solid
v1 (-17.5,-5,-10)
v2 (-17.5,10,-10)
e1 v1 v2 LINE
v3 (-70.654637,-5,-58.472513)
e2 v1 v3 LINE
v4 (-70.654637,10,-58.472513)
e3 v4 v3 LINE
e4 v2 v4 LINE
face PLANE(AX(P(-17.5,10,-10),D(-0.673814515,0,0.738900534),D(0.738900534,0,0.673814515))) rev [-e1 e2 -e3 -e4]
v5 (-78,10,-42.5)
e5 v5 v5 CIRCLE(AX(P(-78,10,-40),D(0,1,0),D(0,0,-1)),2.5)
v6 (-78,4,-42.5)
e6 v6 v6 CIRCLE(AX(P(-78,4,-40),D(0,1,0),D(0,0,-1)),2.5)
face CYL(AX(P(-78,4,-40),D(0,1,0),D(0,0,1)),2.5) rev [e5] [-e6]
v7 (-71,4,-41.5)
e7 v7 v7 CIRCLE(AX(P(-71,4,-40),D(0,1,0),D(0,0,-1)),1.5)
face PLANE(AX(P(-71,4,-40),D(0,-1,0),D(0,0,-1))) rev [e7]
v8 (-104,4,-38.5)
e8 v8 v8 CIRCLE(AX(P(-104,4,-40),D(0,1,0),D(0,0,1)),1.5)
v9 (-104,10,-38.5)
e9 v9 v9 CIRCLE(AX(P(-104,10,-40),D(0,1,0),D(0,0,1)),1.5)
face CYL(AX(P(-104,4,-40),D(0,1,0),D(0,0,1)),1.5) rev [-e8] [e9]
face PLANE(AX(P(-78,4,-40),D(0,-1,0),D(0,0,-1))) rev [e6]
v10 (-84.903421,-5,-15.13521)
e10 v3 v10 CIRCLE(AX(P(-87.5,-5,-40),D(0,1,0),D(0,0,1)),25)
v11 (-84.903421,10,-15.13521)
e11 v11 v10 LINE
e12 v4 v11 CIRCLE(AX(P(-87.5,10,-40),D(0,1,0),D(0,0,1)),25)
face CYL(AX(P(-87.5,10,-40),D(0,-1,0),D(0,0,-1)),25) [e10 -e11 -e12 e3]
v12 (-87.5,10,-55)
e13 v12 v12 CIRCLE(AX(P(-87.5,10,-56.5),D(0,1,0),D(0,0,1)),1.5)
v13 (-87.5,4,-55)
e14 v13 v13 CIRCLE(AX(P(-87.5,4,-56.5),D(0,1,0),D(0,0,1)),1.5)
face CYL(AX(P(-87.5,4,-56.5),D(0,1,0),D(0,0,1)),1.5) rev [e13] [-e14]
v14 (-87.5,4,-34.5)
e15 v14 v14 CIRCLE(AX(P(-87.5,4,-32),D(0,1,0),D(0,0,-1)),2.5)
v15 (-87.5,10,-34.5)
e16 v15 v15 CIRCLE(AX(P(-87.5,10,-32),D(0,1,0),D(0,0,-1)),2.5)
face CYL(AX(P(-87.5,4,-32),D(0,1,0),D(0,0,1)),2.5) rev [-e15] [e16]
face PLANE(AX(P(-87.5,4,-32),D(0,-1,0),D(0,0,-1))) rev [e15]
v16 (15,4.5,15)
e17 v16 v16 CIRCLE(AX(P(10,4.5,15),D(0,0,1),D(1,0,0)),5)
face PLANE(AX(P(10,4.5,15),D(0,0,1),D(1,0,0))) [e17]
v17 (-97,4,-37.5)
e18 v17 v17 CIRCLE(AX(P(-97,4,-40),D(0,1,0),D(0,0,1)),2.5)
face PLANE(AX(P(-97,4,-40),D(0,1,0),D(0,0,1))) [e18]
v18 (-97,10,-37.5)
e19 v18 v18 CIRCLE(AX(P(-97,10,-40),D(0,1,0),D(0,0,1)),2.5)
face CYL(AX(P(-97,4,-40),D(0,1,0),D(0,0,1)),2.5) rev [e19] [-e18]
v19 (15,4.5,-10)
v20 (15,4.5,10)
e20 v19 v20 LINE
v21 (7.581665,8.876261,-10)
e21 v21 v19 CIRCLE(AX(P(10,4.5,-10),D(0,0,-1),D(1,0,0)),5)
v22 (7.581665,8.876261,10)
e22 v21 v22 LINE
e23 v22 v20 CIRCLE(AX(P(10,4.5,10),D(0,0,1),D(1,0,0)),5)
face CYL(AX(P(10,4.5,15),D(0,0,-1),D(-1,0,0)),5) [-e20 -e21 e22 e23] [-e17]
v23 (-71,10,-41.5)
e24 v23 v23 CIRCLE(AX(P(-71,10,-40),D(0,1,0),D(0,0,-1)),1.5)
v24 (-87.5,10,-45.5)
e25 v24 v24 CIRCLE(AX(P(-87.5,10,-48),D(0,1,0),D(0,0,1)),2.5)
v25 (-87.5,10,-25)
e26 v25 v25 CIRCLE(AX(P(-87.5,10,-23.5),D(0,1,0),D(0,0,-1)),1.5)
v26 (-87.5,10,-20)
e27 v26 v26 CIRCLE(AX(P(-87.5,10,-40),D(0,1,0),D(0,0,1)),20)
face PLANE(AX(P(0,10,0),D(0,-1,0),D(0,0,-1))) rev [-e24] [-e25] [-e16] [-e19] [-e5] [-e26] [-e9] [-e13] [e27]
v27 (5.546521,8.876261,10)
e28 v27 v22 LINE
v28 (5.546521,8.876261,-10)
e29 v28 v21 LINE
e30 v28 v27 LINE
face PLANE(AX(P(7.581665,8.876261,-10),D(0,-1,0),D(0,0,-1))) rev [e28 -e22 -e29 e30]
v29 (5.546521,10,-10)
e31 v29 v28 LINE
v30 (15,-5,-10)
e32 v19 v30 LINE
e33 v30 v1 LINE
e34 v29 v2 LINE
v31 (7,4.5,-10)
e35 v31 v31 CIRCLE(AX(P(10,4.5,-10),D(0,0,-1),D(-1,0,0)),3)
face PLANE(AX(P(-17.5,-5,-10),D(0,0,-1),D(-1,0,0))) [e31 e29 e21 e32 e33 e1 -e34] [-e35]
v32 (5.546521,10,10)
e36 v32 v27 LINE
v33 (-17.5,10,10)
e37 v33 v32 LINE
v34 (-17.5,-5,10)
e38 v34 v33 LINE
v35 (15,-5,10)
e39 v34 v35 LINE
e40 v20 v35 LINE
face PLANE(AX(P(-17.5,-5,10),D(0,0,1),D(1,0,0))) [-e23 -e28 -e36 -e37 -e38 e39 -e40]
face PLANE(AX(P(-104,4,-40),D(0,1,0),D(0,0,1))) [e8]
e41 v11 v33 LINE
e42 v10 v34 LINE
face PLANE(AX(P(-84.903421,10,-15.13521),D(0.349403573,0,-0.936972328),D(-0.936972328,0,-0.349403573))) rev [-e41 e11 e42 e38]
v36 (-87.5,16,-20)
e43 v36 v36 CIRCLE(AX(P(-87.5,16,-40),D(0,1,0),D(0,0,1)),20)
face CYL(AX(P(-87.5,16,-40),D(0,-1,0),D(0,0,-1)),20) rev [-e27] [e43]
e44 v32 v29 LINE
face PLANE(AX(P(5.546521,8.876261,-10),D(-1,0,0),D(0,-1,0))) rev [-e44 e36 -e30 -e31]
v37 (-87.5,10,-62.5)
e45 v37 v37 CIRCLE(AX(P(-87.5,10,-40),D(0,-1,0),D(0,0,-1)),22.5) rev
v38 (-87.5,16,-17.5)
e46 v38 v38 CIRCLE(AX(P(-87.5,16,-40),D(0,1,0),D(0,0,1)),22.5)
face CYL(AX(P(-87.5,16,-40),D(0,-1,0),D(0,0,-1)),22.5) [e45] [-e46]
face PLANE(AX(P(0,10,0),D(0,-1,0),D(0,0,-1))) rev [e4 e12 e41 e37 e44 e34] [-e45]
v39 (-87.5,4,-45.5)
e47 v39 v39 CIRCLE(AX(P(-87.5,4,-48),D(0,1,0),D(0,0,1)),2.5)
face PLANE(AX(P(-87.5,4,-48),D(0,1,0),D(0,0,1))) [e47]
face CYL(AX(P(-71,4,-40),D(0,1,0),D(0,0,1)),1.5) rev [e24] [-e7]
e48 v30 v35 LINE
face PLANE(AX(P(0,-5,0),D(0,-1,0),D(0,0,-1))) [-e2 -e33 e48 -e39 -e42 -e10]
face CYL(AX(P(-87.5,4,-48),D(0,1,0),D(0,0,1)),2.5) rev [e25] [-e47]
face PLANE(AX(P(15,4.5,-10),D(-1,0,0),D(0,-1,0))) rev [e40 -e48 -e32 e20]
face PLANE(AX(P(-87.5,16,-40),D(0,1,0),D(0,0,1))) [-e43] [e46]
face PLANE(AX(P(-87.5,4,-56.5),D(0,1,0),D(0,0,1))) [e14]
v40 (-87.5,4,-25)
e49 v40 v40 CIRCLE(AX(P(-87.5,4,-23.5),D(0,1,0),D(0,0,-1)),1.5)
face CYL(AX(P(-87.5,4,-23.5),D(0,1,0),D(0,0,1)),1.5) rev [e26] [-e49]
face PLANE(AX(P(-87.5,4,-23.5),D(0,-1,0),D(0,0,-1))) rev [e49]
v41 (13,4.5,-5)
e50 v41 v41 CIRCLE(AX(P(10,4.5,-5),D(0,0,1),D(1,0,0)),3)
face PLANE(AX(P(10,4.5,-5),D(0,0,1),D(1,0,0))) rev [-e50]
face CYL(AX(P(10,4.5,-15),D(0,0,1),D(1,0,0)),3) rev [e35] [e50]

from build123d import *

# Parameters (mm, degrees)
EXTRUDE_1_DEPTH           = 10
EXTRUDE_1_DEPTH_BACK      = 5
SKETCH_1_W                = 35
SKETCH_1_H                = 20
SKETCH_17_R               = 5
EXTRUDE_3_DEPTH           = 5
SKETCH_7_R                = 3
CUT_EXTRUDE_7_DEPTH       = 5
CUT_EXTRUDE_12_DEPTH      = 26.124689053
CUT_EXTRUDE_12_DEPTH_BACK = 26.124689053
EXTRUDE_2_DEPTH           = 15
SKETCH_19_R               = 22.5
SKETCH_19_R_2             = 20
EXTRUDE_4_DEPTH           = 6
SKETCH_20_R               = 2.5
SKETCH_20_R_2             = 1.5
CUT_EXTRUDE_16_DEPTH      = 6


with BuildPart() as part:
    # 草圖1 → 填料-伸長1 (new, two sides: drawn at the far end of the back side and taken through both)
    with BuildSketch(Plane(origin=(0, 0, 0), x_dir=(1, 0, 0), z_dir=(0, 1, 0)).offset(-EXTRUDE_1_DEPTH_BACK)):
        Rectangle(SKETCH_1_W, SKETCH_1_H)
    extrude(amount=EXTRUDE_1_DEPTH + EXTRUDE_1_DEPTH_BACK)

    # 草圖17 → 填料-伸長3 (add)
    with BuildSketch(Plane.XY.offset(10)):
        with Locations((10, 4.5)):
            Circle(SKETCH_17_R)
    extrude(amount=EXTRUDE_3_DEPTH)

    # 草圖7 → 除料-伸長7 (cut, symmetric)
    with BuildSketch(Plane.XY.offset(-10)):
        with Locations((10, 4.5)):
            Circle(SKETCH_7_R)
    extrude(amount=CUT_EXTRUDE_7_DEPTH, both=True, mode=Mode.SUBTRACT)

    # 草圖12 → 除料-伸長12 (cut, two sides: drawn at the far end of the back side and taken through both)
    with BuildSketch(Plane.XY.offset(-CUT_EXTRUDE_12_DEPTH_BACK)):
        with BuildLine():
            Line((15, 4.5), (15, -5))
            Line((15, -5), (17.54652099, -5))
            Line((17.54652099, -5), (17.54652099, 10.497831093))
            Line((17.54652099, 10.497831093), (5.54652099, 10.497831093))
            Line((5.54652099, 10.497831093), (5.54652099, 8.8762607))
            Line((5.54652099, 8.8762607), (7.581665389, 8.8762607))
            ThreePointArc((7.581665389, 8.8762607), (12.540504571, 8.806487725), (15, 4.5))
        make_face()
    extrude(amount=CUT_EXTRUDE_12_DEPTH + CUT_EXTRUDE_12_DEPTH_BACK, mode=Mode.SUBTRACT)

    # 草圖14 → 填料-伸長2 (add)
    with BuildSketch(Plane(origin=(0, -5, 0), x_dir=(1, 0, 0), z_dir=(0, 1, 0))):
        with BuildLine():
            Line((-17.5, 10), (-70.654637132, 58.47251336))
            ThreePointArc((-70.654637132, 58.47251336), (-111.24926813, 47.808473813), (-84.903421397, 15.135210044))
            Line((-84.903421397, 15.135210044), (-17.5, -10))
            Line((-17.5, -10), (-17.5, 10))
        make_face()
    extrude(amount=EXTRUDE_2_DEPTH)

    # 草圖19 → 填料-伸長4 (add)
    with BuildSketch(Plane(origin=(0, 10, 0), x_dir=(1, 0, 0), z_dir=(0, 1, 0))):
        with Locations(Location((-87.5, 40, 0), (0, 0, 90))):
            Circle(SKETCH_19_R)
        with Locations(Location((-87.5, 40, 0), (0, 0, 270))):
            Circle(SKETCH_19_R_2, mode=Mode.SUBTRACT)
    extrude(amount=EXTRUDE_4_DEPTH)

    # 草圖20 → 除料-伸長16 (cut)
    with BuildSketch(Plane(origin=(0, 10, 0), x_dir=(1, 0, 0), z_dir=(0, 1, 0))):
        with Locations(Location((-87.5, 48, 0), (0, 0, 270))):
            Circle(SKETCH_20_R)
        with Locations(Location((-87.5, 56.5, 0), (0, 0, 270))):
            Circle(SKETCH_20_R_2)
        with Locations(Location((-97, 40, 0), (0, 0, 270))):
            Circle(SKETCH_20_R)
        with Locations(Location((-104, 40, 0), (0, 0, 270))):
            Circle(SKETCH_20_R_2)
        with Locations(Location((-87.5, 32, 0), (0, 0, 90))):
            Circle(SKETCH_20_R)
        with Locations(Location((-87.5, 23.5, 0), (0, 0, 90))):
            Circle(SKETCH_20_R_2)
        with Locations(Location((-71, 40, 0), (0, 0, 90))):
            Circle(SKETCH_20_R_2)
        with Locations(Location((-78, 40, 0), (0, 0, 90))):
            Circle(SKETCH_20_R)
    extrude(amount=-CUT_EXTRUDE_16_DEPTH, mode=Mode.SUBTRACT)


solid = part.part
